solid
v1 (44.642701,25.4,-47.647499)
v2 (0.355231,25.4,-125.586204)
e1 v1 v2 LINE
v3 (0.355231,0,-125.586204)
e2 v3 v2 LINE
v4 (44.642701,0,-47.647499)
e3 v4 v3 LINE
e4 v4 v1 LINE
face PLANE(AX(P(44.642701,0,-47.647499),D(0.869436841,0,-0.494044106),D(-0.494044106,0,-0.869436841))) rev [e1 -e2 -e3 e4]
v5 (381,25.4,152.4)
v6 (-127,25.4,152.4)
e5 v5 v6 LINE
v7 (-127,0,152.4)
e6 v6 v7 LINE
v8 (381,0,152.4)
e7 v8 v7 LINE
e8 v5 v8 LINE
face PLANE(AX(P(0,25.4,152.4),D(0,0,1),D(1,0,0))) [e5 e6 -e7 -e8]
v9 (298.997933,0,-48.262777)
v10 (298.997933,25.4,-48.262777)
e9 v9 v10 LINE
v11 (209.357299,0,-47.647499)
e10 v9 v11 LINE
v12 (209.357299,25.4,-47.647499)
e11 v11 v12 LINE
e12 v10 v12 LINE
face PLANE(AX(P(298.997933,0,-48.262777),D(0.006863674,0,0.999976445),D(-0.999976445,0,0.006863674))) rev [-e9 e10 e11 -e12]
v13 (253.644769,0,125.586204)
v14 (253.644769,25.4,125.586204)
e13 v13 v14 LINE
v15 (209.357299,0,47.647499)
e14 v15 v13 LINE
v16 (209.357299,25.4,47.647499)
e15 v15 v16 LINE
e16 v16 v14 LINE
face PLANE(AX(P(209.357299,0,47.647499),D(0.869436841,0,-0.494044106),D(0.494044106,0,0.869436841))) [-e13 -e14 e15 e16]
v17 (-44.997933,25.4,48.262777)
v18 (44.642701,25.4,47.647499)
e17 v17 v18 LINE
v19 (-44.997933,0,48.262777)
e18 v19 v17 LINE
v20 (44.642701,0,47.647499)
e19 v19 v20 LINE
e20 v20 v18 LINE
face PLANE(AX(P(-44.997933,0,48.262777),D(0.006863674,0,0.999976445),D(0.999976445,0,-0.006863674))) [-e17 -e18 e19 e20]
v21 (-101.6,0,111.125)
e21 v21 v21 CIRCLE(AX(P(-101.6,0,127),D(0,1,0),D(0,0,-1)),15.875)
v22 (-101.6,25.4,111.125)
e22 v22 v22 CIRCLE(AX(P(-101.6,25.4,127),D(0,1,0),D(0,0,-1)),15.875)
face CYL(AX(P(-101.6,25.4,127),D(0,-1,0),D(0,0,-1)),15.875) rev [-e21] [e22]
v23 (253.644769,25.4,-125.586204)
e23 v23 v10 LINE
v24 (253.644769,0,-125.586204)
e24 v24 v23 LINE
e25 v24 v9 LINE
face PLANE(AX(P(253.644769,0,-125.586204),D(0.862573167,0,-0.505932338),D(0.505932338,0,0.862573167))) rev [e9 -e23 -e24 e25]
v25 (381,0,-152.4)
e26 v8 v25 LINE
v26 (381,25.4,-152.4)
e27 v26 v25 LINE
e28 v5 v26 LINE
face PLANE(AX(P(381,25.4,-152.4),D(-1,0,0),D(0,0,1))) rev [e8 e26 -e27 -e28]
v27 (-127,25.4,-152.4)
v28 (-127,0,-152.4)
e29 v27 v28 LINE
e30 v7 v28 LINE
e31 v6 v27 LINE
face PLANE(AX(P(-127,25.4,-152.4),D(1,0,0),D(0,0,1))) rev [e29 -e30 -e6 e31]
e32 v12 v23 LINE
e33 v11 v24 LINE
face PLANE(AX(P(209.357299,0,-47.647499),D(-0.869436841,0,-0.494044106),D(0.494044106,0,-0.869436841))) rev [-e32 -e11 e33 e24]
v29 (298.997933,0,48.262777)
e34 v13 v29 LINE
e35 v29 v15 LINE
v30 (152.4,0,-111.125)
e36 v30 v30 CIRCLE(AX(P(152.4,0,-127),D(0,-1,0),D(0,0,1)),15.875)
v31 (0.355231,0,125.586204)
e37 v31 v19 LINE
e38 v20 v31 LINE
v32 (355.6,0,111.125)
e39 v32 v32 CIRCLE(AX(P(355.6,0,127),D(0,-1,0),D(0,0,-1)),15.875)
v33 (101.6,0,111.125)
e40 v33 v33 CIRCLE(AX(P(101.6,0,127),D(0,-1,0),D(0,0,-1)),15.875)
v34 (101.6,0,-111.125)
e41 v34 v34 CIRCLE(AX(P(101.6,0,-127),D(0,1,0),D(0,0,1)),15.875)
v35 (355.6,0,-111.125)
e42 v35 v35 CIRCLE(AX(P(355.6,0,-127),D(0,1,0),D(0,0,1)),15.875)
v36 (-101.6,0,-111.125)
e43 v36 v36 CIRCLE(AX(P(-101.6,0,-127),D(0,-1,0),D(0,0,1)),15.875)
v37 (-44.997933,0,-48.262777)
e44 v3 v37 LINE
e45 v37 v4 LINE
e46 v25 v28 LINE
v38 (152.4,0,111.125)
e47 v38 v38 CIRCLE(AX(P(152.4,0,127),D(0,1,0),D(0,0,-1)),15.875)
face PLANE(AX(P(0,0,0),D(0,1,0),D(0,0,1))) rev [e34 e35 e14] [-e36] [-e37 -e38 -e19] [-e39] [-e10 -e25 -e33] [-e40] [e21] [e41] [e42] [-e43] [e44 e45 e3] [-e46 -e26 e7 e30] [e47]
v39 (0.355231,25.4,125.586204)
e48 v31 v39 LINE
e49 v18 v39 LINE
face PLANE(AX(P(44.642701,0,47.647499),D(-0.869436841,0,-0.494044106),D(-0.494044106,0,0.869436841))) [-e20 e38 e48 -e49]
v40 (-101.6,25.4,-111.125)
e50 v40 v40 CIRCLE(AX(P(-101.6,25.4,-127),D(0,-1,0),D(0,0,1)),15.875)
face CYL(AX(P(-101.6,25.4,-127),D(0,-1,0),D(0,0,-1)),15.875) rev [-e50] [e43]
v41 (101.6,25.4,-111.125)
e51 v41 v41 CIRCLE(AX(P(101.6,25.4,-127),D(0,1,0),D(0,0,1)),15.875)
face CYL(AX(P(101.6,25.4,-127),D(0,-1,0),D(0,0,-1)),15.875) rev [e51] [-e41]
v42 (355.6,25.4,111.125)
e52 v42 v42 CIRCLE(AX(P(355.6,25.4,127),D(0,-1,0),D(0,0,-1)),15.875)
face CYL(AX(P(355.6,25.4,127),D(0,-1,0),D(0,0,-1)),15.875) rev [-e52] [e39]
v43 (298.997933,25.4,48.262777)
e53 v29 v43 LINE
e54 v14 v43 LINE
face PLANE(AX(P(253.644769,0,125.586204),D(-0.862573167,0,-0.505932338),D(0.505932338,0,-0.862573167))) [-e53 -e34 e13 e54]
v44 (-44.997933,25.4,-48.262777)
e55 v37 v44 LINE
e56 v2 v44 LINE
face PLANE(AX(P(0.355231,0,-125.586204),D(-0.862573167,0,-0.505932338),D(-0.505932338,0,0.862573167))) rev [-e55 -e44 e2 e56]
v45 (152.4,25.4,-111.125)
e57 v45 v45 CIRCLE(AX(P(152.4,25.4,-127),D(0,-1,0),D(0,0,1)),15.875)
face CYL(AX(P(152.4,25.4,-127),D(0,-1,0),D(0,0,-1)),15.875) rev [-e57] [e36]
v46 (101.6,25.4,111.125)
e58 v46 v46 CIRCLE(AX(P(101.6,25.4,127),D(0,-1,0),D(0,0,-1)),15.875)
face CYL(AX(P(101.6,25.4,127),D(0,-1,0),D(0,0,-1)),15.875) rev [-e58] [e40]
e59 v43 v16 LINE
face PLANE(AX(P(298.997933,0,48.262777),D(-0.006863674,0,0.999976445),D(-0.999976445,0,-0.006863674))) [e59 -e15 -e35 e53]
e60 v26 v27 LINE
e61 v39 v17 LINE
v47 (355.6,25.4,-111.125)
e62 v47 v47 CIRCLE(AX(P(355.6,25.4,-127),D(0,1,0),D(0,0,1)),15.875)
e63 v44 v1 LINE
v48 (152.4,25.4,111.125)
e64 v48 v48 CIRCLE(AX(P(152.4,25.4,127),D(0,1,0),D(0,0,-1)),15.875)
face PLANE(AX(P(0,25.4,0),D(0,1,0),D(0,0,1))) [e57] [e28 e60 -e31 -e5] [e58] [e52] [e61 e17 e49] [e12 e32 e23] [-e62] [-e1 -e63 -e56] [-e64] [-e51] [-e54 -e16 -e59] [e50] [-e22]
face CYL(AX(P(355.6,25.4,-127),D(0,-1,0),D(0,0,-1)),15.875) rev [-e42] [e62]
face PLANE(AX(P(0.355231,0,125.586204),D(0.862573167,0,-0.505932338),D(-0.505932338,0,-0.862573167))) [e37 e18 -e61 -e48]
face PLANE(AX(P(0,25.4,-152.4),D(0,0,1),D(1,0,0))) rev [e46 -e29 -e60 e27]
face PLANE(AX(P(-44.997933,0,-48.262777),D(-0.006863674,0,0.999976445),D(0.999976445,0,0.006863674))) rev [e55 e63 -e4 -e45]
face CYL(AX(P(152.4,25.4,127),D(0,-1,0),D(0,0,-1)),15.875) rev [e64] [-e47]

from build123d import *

# Parameters (mm, degrees)
SKETCH1_W           = 127
SKETCH1_H           = 152.4
SKETCH1_R           = 15.875
BOSS_EXTRUDE1_DEPTH = 25.4
CUT_EXTRUDE1_DEPTH  = 25.4


with BuildPart() as part:
    # Sketch1 → Boss-Extrude1 (new body)
    with BuildSketch(Plane(origin=(0, 0, 0), x_dir=(1, 0, 0), z_dir=(0, 1, 0))):
        with Locations((63.5, 76.2)):
            Rectangle(SKETCH1_W, SKETCH1_H)
        with Locations(Location((101.6, 127, 0), (0, 0, 270))):
            Circle(SKETCH1_R, mode=Mode.SUBTRACT)
    boss_extrude1 = extrude(amount=BOSS_EXTRUDE1_DEPTH)

    # Mirror1: Boss-Extrude1 across plane
    add(boss_extrude1.mirror(Plane(origin=(0, 25.4, 0), x_dir=(1, 0, 0), z_dir=(0, 0, -1))))

    # Mirror2: part across plane


with BuildPart() as part_1:
    add(part.part)
    add(part.part.mirror(Plane(origin=(0, 25.4, -152.4), x_dir=(0, 0, 1), z_dir=(1, 0, 0))))

    # Sketch2 → Cut-Extrude1 (cut)
    with BuildSketch(Plane(origin=(0, 25.4, 0), x_dir=(1, 0, 0), z_dir=(0, 1, 0))):
        Polygon((44.642701317, 47.647498522), (0.35523126, 125.58620398), (-44.997932577, 48.262777112), align=None)
    cut_extrude1 = extrude(amount=-CUT_EXTRUDE1_DEPTH, mode=Mode.SUBTRACT)

    # Mirror3: Cut-Extrude1 across plane
    add(cut_extrude1.mirror(Plane.XY), mode=Mode.SUBTRACT)

    # Mirror4: part across plane


with BuildPart() as part_2:
    add(part_1.part)
    add(part_1.part.mirror(Plane(origin=(127, 25.4, -152.4), x_dir=(0, 0, 1), z_dir=(-1, 0, 0))))


solid = part_2.part
